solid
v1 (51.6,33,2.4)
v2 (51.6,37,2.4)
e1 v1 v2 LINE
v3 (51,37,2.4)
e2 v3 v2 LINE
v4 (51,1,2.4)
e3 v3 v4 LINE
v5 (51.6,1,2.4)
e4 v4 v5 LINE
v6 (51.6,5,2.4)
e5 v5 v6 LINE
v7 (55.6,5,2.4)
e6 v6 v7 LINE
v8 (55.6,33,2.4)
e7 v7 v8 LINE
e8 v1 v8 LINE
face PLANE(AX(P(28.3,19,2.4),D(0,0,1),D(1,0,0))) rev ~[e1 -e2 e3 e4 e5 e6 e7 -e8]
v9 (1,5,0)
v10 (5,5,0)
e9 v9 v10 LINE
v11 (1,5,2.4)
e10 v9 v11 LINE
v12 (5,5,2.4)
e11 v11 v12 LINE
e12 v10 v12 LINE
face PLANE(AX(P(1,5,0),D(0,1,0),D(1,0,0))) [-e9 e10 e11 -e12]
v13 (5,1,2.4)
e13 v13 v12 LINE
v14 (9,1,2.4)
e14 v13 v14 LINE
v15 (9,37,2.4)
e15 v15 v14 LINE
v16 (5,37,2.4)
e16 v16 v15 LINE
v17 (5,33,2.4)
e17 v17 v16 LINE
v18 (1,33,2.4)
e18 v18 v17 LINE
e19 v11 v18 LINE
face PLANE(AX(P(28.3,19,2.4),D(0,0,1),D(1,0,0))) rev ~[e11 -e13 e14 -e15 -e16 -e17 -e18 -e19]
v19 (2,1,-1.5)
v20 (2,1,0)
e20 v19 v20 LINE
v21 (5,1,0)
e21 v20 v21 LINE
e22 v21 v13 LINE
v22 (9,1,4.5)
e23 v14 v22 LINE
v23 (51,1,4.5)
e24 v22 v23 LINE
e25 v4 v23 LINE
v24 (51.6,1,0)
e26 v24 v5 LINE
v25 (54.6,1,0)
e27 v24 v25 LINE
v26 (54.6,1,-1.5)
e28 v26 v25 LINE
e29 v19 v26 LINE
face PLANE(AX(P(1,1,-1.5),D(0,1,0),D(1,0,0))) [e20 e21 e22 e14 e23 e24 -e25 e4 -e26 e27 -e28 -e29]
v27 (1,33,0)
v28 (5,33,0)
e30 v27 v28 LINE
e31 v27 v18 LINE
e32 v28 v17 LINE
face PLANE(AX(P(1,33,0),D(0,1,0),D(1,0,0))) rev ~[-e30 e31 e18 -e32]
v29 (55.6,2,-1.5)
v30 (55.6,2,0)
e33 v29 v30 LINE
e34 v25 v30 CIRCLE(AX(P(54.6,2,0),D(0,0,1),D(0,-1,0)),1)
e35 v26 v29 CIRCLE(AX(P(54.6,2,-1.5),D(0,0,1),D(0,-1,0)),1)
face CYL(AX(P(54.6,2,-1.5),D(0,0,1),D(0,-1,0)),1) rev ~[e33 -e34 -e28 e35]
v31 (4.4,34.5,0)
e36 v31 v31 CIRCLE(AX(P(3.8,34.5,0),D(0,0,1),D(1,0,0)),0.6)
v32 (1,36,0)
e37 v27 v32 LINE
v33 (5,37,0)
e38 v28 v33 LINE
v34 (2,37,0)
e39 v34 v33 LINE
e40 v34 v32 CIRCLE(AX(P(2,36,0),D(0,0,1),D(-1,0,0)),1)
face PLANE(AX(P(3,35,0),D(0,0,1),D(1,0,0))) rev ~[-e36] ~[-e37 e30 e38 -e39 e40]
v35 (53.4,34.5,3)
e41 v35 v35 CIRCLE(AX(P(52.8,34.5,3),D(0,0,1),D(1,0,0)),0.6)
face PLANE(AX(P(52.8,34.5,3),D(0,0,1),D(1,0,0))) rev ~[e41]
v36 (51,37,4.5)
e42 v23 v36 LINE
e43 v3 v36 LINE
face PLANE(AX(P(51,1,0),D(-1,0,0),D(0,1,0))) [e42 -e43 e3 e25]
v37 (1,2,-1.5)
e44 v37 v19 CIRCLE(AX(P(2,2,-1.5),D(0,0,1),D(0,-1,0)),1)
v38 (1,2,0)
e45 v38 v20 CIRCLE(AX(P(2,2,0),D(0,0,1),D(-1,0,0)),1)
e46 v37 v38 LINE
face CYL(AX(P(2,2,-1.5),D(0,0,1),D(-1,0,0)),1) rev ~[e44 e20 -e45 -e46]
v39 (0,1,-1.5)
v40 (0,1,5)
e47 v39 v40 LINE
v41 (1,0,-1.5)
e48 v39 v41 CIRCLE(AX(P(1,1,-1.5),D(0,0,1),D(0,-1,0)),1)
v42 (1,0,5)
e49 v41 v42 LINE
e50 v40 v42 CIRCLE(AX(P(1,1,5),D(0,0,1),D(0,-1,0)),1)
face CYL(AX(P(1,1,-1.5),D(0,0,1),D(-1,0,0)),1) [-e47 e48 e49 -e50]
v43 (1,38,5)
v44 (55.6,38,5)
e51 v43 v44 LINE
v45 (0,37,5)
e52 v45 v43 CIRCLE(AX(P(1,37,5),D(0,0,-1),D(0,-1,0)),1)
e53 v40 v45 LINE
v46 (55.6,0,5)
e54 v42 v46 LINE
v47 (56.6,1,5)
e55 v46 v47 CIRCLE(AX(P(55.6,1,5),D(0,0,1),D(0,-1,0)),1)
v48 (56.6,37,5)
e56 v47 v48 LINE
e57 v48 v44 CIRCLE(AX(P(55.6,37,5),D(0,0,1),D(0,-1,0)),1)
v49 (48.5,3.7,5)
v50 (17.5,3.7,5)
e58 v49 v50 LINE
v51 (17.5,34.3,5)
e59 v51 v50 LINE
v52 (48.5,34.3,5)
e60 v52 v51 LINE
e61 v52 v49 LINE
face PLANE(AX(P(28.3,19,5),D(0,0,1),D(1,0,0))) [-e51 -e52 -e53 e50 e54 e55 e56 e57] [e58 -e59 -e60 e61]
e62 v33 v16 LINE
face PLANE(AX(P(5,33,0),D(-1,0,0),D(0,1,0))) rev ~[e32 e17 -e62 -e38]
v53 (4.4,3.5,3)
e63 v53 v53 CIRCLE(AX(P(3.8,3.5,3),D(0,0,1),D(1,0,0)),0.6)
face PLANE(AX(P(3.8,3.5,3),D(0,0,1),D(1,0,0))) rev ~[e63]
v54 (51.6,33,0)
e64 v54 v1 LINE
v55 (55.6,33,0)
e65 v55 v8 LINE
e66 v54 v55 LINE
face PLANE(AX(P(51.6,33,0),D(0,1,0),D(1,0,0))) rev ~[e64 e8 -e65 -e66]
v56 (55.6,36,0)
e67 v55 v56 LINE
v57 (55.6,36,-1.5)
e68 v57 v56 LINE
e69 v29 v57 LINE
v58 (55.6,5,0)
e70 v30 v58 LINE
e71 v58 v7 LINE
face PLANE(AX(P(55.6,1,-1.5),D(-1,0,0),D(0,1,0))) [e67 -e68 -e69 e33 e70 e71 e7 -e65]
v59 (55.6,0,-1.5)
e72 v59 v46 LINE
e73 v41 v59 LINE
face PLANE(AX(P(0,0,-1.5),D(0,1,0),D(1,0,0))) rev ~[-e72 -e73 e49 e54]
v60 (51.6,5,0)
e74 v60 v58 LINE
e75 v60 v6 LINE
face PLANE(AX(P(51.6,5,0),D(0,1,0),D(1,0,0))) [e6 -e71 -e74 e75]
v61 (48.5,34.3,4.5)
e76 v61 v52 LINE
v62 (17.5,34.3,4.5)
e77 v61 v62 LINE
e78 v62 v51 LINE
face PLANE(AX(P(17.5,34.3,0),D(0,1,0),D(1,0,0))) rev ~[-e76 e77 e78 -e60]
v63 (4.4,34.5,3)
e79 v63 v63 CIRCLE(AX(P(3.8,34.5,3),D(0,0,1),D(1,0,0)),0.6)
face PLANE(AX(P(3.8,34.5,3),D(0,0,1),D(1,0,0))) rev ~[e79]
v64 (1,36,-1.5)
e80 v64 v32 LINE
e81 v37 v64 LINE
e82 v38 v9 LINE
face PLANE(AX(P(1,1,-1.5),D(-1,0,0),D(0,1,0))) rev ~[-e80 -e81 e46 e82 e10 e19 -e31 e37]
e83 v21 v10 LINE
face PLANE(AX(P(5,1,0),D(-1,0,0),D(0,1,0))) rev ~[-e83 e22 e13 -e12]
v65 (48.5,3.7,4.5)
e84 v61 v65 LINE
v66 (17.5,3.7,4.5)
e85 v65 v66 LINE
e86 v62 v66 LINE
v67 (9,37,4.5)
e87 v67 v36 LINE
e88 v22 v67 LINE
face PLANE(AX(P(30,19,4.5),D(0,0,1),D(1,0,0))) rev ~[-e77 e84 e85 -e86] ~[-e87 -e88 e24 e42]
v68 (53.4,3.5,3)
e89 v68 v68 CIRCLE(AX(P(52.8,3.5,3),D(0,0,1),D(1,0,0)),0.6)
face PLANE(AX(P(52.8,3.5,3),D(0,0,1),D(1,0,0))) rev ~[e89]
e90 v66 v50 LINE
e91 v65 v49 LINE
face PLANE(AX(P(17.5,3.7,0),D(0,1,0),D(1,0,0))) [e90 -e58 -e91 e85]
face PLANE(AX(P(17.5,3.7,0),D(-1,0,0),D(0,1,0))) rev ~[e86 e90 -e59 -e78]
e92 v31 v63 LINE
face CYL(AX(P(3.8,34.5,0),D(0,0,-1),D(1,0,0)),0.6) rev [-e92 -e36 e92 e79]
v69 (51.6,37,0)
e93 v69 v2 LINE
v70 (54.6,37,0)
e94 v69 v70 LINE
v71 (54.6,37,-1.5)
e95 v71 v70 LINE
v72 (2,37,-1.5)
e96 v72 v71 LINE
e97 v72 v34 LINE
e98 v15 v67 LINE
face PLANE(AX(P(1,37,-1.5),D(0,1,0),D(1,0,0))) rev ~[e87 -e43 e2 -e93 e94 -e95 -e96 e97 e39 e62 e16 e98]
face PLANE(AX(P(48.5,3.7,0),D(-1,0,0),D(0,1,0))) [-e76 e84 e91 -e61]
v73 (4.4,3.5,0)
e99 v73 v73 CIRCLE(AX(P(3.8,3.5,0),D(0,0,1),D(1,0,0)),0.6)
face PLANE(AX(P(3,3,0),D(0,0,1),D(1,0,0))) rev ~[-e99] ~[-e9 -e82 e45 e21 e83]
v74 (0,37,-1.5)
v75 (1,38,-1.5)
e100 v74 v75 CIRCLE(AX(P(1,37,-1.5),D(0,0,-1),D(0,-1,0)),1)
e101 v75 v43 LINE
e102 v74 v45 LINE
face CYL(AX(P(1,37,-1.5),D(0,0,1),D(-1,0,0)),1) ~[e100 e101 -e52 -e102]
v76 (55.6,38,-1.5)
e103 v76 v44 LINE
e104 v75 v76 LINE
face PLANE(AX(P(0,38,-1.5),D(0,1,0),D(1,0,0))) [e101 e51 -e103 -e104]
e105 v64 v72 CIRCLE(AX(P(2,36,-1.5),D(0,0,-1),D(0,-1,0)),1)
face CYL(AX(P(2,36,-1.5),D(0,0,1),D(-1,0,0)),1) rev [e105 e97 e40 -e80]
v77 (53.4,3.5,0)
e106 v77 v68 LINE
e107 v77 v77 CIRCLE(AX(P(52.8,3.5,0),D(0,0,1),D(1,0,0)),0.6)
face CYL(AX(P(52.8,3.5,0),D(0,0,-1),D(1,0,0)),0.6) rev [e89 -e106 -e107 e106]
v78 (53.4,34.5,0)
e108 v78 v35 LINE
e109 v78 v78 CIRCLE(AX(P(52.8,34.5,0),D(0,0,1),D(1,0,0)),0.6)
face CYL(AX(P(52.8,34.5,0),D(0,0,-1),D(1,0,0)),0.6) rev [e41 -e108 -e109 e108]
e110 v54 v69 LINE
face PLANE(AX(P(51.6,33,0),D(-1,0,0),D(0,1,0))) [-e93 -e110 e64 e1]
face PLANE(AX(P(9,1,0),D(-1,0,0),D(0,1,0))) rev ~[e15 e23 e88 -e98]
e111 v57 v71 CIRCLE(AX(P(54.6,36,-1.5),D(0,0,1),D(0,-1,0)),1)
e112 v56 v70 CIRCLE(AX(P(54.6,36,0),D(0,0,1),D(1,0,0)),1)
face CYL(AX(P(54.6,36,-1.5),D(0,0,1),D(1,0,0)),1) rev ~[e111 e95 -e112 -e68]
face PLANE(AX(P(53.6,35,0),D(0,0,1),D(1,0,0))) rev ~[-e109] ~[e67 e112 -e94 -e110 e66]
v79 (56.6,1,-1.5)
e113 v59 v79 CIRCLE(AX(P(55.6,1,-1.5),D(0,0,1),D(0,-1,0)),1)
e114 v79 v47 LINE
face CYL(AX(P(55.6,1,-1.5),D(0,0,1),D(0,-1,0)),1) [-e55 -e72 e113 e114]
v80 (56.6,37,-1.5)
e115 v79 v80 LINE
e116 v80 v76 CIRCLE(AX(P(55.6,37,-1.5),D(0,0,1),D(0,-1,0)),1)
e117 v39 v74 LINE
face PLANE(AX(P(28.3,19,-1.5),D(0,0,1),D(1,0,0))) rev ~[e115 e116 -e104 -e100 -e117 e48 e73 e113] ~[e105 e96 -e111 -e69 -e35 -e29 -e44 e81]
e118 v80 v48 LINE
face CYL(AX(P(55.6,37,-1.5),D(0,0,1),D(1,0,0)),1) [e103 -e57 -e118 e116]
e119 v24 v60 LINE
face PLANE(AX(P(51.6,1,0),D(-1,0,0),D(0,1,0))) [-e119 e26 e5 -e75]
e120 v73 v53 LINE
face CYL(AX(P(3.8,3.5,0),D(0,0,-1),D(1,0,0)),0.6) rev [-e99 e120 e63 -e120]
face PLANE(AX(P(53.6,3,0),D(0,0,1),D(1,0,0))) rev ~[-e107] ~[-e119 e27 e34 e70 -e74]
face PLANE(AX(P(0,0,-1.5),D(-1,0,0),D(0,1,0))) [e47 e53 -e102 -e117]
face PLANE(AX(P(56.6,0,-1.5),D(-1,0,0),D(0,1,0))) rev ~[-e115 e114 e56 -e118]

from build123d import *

# Parameters (mm, degrees)
CYLINDER_R       = 0.6
CYLINDER_DEPTH   = 3
ARRAY001_X_COUNT = 2
ARRAY001_X_PITCH = 49
ARRAY001_Y_COUNT = 2
ARRAY001_Y_PITCH = 31
BOX008_W         = 31
BOX008_H         = 30.6
BOX008_DEPTH     = 10
BOX001_W         = 42
BOX001_H         = 36
BOX001_DEPTH     = 4.5
BOX002_W         = 4
BOX002_H         = 4
BOX002_DEPTH     = 2.4
ARRAY_X_COUNT    = 2
ARRAY_X_PITCH    = 50.6
ARRAY_Y_COUNT    = 2
ARRAY_Y_PITCH    = 32
BOX003_W         = 54.6
BOX003_H         = 36
BOX003_DEPTH     = 3.9
FILLET001_R      = 1
BOX_W            = 56.6
BOX_H            = 38
BOX_DEPTH        = 6.5
FILLET_R         = 1


with BuildPart() as hole_array:
    # Cylinder → Cylinder (new body)
    with BuildSketch(Plane(origin=(3.8, 3.5, 0), x_dir=(1, 0, 0), z_dir=(0, 0, 1))):
        Circle(CYLINDER_R)
    extrude(amount=CYLINDER_DEPTH)

    # Array001 X: hole array ×2


with BuildPart() as hole_array_1:
    add(hole_array.part)
    with Locations(*[(i * ARRAY001_X_PITCH, 0, 0) for i in range(1, ARRAY001_X_COUNT)]):
        add(hole_array.part)

    # Array001 Y: hole array ×2


with BuildPart() as hole_array_2:
    add(hole_array_1.part)
    with Locations(*[(0, i * ARRAY001_Y_PITCH, 0) for i in range(1, ARRAY001_Y_COUNT)]):
        add(hole_array_1.part)


with BuildPart() as display_hole:
    # Box008 → Box008 (new body)
    with BuildSketch(Plane(origin=(17.5, 3.7, 0), x_dir=(1, 0, 0), z_dir=(0, 0, 1))):
        with Locations((15.5, 15.3)):
            Rectangle(BOX008_W, BOX008_H)
    extrude(amount=BOX008_DEPTH)


with BuildPart() as hole_fusion:
    # Box001 → Box001 (new body)
    with BuildSketch(Plane(origin=(9, 1, 0), x_dir=(1, 0, 0), z_dir=(0, 0, 1))):
        with Locations((21, 18)):
            Rectangle(BOX001_W, BOX001_H)
    extrude(amount=BOX001_DEPTH)

    # Fusion001: union hole array, display_hole
    add(hole_array_2.part)
    add(display_hole.part)


with BuildPart() as hole_stand_array:
    # Box002 → Box002 (new body)
    with BuildSketch(Plane(origin=(1, 1, 0), x_dir=(1, 0, 0), z_dir=(0, 0, 1))):
        with Locations((2, 2)):
            Rectangle(BOX002_W, BOX002_H)
    extrude(amount=BOX002_DEPTH)

    # Array X: hole stand array ×2


with BuildPart() as hole_stand_array_1:
    add(hole_stand_array.part)
    with Locations(*[(i * ARRAY_X_PITCH, 0, 0) for i in range(1, ARRAY_X_COUNT)]):
        add(hole_stand_array.part)

    # Array Y: hole stand array ×2


with BuildPart() as hole_stand_array_2:
    add(hole_stand_array_1.part)
    with Locations(*[(0, i * ARRAY_Y_PITCH, 0) for i in range(1, ARRAY_Y_COUNT)]):
        add(hole_stand_array_1.part)


with BuildPart() as top_cover_extract_fillet:
    # Box003 → Box003 (new body)
    with BuildSketch(Plane(origin=(1, 1, -1.5), x_dir=(1, 0, 0), z_dir=(0, 0, 1))):
        with Locations((27.3, 18)):
            Rectangle(BOX003_W, BOX003_H)
    extrude(amount=BOX003_DEPTH)

    # Fillet001
    fillet001_edges = [top_cover_extract_fillet.edges().sort_by_distance(p)[0] for p in [
        (1, 1, 0.45),
        (1, 37, 0.45),
        (55.6, 1, 0.45),
        (55.6, 37, 0.45),
    ]]
    fillet(fillet001_edges, radius=FILLET001_R)


with BuildPart() as lcb_top_cover_cut:
    # Box → Box (new body)
    with BuildSketch(Plane.XY.offset(-1.5)):
        with Locations((28.3, 19)):
            Rectangle(BOX_W, BOX_H)
    extrude(amount=BOX_DEPTH)

    # Fillet
    fillet_edges = [lcb_top_cover_cut.edges().sort_by_distance(p)[0] for p in [
        (0, 0, 1.75),
        (0, 38, 1.75),
        (56.6, 0, 1.75),
        (56.6, 38, 1.75),
    ]]
    fillet(fillet_edges, radius=FILLET_R)

    # Cut: cut top cover extract fillet
    add(top_cover_extract_fillet.part, mode=Mode.SUBTRACT)

    # Fusion: union hole stand array
    add(hole_stand_array_2.part)

    # Cut001: cut hole fusion
    add(hole_fusion.part, mode=Mode.SUBTRACT)


solid = lcb_top_cover_cut.part
